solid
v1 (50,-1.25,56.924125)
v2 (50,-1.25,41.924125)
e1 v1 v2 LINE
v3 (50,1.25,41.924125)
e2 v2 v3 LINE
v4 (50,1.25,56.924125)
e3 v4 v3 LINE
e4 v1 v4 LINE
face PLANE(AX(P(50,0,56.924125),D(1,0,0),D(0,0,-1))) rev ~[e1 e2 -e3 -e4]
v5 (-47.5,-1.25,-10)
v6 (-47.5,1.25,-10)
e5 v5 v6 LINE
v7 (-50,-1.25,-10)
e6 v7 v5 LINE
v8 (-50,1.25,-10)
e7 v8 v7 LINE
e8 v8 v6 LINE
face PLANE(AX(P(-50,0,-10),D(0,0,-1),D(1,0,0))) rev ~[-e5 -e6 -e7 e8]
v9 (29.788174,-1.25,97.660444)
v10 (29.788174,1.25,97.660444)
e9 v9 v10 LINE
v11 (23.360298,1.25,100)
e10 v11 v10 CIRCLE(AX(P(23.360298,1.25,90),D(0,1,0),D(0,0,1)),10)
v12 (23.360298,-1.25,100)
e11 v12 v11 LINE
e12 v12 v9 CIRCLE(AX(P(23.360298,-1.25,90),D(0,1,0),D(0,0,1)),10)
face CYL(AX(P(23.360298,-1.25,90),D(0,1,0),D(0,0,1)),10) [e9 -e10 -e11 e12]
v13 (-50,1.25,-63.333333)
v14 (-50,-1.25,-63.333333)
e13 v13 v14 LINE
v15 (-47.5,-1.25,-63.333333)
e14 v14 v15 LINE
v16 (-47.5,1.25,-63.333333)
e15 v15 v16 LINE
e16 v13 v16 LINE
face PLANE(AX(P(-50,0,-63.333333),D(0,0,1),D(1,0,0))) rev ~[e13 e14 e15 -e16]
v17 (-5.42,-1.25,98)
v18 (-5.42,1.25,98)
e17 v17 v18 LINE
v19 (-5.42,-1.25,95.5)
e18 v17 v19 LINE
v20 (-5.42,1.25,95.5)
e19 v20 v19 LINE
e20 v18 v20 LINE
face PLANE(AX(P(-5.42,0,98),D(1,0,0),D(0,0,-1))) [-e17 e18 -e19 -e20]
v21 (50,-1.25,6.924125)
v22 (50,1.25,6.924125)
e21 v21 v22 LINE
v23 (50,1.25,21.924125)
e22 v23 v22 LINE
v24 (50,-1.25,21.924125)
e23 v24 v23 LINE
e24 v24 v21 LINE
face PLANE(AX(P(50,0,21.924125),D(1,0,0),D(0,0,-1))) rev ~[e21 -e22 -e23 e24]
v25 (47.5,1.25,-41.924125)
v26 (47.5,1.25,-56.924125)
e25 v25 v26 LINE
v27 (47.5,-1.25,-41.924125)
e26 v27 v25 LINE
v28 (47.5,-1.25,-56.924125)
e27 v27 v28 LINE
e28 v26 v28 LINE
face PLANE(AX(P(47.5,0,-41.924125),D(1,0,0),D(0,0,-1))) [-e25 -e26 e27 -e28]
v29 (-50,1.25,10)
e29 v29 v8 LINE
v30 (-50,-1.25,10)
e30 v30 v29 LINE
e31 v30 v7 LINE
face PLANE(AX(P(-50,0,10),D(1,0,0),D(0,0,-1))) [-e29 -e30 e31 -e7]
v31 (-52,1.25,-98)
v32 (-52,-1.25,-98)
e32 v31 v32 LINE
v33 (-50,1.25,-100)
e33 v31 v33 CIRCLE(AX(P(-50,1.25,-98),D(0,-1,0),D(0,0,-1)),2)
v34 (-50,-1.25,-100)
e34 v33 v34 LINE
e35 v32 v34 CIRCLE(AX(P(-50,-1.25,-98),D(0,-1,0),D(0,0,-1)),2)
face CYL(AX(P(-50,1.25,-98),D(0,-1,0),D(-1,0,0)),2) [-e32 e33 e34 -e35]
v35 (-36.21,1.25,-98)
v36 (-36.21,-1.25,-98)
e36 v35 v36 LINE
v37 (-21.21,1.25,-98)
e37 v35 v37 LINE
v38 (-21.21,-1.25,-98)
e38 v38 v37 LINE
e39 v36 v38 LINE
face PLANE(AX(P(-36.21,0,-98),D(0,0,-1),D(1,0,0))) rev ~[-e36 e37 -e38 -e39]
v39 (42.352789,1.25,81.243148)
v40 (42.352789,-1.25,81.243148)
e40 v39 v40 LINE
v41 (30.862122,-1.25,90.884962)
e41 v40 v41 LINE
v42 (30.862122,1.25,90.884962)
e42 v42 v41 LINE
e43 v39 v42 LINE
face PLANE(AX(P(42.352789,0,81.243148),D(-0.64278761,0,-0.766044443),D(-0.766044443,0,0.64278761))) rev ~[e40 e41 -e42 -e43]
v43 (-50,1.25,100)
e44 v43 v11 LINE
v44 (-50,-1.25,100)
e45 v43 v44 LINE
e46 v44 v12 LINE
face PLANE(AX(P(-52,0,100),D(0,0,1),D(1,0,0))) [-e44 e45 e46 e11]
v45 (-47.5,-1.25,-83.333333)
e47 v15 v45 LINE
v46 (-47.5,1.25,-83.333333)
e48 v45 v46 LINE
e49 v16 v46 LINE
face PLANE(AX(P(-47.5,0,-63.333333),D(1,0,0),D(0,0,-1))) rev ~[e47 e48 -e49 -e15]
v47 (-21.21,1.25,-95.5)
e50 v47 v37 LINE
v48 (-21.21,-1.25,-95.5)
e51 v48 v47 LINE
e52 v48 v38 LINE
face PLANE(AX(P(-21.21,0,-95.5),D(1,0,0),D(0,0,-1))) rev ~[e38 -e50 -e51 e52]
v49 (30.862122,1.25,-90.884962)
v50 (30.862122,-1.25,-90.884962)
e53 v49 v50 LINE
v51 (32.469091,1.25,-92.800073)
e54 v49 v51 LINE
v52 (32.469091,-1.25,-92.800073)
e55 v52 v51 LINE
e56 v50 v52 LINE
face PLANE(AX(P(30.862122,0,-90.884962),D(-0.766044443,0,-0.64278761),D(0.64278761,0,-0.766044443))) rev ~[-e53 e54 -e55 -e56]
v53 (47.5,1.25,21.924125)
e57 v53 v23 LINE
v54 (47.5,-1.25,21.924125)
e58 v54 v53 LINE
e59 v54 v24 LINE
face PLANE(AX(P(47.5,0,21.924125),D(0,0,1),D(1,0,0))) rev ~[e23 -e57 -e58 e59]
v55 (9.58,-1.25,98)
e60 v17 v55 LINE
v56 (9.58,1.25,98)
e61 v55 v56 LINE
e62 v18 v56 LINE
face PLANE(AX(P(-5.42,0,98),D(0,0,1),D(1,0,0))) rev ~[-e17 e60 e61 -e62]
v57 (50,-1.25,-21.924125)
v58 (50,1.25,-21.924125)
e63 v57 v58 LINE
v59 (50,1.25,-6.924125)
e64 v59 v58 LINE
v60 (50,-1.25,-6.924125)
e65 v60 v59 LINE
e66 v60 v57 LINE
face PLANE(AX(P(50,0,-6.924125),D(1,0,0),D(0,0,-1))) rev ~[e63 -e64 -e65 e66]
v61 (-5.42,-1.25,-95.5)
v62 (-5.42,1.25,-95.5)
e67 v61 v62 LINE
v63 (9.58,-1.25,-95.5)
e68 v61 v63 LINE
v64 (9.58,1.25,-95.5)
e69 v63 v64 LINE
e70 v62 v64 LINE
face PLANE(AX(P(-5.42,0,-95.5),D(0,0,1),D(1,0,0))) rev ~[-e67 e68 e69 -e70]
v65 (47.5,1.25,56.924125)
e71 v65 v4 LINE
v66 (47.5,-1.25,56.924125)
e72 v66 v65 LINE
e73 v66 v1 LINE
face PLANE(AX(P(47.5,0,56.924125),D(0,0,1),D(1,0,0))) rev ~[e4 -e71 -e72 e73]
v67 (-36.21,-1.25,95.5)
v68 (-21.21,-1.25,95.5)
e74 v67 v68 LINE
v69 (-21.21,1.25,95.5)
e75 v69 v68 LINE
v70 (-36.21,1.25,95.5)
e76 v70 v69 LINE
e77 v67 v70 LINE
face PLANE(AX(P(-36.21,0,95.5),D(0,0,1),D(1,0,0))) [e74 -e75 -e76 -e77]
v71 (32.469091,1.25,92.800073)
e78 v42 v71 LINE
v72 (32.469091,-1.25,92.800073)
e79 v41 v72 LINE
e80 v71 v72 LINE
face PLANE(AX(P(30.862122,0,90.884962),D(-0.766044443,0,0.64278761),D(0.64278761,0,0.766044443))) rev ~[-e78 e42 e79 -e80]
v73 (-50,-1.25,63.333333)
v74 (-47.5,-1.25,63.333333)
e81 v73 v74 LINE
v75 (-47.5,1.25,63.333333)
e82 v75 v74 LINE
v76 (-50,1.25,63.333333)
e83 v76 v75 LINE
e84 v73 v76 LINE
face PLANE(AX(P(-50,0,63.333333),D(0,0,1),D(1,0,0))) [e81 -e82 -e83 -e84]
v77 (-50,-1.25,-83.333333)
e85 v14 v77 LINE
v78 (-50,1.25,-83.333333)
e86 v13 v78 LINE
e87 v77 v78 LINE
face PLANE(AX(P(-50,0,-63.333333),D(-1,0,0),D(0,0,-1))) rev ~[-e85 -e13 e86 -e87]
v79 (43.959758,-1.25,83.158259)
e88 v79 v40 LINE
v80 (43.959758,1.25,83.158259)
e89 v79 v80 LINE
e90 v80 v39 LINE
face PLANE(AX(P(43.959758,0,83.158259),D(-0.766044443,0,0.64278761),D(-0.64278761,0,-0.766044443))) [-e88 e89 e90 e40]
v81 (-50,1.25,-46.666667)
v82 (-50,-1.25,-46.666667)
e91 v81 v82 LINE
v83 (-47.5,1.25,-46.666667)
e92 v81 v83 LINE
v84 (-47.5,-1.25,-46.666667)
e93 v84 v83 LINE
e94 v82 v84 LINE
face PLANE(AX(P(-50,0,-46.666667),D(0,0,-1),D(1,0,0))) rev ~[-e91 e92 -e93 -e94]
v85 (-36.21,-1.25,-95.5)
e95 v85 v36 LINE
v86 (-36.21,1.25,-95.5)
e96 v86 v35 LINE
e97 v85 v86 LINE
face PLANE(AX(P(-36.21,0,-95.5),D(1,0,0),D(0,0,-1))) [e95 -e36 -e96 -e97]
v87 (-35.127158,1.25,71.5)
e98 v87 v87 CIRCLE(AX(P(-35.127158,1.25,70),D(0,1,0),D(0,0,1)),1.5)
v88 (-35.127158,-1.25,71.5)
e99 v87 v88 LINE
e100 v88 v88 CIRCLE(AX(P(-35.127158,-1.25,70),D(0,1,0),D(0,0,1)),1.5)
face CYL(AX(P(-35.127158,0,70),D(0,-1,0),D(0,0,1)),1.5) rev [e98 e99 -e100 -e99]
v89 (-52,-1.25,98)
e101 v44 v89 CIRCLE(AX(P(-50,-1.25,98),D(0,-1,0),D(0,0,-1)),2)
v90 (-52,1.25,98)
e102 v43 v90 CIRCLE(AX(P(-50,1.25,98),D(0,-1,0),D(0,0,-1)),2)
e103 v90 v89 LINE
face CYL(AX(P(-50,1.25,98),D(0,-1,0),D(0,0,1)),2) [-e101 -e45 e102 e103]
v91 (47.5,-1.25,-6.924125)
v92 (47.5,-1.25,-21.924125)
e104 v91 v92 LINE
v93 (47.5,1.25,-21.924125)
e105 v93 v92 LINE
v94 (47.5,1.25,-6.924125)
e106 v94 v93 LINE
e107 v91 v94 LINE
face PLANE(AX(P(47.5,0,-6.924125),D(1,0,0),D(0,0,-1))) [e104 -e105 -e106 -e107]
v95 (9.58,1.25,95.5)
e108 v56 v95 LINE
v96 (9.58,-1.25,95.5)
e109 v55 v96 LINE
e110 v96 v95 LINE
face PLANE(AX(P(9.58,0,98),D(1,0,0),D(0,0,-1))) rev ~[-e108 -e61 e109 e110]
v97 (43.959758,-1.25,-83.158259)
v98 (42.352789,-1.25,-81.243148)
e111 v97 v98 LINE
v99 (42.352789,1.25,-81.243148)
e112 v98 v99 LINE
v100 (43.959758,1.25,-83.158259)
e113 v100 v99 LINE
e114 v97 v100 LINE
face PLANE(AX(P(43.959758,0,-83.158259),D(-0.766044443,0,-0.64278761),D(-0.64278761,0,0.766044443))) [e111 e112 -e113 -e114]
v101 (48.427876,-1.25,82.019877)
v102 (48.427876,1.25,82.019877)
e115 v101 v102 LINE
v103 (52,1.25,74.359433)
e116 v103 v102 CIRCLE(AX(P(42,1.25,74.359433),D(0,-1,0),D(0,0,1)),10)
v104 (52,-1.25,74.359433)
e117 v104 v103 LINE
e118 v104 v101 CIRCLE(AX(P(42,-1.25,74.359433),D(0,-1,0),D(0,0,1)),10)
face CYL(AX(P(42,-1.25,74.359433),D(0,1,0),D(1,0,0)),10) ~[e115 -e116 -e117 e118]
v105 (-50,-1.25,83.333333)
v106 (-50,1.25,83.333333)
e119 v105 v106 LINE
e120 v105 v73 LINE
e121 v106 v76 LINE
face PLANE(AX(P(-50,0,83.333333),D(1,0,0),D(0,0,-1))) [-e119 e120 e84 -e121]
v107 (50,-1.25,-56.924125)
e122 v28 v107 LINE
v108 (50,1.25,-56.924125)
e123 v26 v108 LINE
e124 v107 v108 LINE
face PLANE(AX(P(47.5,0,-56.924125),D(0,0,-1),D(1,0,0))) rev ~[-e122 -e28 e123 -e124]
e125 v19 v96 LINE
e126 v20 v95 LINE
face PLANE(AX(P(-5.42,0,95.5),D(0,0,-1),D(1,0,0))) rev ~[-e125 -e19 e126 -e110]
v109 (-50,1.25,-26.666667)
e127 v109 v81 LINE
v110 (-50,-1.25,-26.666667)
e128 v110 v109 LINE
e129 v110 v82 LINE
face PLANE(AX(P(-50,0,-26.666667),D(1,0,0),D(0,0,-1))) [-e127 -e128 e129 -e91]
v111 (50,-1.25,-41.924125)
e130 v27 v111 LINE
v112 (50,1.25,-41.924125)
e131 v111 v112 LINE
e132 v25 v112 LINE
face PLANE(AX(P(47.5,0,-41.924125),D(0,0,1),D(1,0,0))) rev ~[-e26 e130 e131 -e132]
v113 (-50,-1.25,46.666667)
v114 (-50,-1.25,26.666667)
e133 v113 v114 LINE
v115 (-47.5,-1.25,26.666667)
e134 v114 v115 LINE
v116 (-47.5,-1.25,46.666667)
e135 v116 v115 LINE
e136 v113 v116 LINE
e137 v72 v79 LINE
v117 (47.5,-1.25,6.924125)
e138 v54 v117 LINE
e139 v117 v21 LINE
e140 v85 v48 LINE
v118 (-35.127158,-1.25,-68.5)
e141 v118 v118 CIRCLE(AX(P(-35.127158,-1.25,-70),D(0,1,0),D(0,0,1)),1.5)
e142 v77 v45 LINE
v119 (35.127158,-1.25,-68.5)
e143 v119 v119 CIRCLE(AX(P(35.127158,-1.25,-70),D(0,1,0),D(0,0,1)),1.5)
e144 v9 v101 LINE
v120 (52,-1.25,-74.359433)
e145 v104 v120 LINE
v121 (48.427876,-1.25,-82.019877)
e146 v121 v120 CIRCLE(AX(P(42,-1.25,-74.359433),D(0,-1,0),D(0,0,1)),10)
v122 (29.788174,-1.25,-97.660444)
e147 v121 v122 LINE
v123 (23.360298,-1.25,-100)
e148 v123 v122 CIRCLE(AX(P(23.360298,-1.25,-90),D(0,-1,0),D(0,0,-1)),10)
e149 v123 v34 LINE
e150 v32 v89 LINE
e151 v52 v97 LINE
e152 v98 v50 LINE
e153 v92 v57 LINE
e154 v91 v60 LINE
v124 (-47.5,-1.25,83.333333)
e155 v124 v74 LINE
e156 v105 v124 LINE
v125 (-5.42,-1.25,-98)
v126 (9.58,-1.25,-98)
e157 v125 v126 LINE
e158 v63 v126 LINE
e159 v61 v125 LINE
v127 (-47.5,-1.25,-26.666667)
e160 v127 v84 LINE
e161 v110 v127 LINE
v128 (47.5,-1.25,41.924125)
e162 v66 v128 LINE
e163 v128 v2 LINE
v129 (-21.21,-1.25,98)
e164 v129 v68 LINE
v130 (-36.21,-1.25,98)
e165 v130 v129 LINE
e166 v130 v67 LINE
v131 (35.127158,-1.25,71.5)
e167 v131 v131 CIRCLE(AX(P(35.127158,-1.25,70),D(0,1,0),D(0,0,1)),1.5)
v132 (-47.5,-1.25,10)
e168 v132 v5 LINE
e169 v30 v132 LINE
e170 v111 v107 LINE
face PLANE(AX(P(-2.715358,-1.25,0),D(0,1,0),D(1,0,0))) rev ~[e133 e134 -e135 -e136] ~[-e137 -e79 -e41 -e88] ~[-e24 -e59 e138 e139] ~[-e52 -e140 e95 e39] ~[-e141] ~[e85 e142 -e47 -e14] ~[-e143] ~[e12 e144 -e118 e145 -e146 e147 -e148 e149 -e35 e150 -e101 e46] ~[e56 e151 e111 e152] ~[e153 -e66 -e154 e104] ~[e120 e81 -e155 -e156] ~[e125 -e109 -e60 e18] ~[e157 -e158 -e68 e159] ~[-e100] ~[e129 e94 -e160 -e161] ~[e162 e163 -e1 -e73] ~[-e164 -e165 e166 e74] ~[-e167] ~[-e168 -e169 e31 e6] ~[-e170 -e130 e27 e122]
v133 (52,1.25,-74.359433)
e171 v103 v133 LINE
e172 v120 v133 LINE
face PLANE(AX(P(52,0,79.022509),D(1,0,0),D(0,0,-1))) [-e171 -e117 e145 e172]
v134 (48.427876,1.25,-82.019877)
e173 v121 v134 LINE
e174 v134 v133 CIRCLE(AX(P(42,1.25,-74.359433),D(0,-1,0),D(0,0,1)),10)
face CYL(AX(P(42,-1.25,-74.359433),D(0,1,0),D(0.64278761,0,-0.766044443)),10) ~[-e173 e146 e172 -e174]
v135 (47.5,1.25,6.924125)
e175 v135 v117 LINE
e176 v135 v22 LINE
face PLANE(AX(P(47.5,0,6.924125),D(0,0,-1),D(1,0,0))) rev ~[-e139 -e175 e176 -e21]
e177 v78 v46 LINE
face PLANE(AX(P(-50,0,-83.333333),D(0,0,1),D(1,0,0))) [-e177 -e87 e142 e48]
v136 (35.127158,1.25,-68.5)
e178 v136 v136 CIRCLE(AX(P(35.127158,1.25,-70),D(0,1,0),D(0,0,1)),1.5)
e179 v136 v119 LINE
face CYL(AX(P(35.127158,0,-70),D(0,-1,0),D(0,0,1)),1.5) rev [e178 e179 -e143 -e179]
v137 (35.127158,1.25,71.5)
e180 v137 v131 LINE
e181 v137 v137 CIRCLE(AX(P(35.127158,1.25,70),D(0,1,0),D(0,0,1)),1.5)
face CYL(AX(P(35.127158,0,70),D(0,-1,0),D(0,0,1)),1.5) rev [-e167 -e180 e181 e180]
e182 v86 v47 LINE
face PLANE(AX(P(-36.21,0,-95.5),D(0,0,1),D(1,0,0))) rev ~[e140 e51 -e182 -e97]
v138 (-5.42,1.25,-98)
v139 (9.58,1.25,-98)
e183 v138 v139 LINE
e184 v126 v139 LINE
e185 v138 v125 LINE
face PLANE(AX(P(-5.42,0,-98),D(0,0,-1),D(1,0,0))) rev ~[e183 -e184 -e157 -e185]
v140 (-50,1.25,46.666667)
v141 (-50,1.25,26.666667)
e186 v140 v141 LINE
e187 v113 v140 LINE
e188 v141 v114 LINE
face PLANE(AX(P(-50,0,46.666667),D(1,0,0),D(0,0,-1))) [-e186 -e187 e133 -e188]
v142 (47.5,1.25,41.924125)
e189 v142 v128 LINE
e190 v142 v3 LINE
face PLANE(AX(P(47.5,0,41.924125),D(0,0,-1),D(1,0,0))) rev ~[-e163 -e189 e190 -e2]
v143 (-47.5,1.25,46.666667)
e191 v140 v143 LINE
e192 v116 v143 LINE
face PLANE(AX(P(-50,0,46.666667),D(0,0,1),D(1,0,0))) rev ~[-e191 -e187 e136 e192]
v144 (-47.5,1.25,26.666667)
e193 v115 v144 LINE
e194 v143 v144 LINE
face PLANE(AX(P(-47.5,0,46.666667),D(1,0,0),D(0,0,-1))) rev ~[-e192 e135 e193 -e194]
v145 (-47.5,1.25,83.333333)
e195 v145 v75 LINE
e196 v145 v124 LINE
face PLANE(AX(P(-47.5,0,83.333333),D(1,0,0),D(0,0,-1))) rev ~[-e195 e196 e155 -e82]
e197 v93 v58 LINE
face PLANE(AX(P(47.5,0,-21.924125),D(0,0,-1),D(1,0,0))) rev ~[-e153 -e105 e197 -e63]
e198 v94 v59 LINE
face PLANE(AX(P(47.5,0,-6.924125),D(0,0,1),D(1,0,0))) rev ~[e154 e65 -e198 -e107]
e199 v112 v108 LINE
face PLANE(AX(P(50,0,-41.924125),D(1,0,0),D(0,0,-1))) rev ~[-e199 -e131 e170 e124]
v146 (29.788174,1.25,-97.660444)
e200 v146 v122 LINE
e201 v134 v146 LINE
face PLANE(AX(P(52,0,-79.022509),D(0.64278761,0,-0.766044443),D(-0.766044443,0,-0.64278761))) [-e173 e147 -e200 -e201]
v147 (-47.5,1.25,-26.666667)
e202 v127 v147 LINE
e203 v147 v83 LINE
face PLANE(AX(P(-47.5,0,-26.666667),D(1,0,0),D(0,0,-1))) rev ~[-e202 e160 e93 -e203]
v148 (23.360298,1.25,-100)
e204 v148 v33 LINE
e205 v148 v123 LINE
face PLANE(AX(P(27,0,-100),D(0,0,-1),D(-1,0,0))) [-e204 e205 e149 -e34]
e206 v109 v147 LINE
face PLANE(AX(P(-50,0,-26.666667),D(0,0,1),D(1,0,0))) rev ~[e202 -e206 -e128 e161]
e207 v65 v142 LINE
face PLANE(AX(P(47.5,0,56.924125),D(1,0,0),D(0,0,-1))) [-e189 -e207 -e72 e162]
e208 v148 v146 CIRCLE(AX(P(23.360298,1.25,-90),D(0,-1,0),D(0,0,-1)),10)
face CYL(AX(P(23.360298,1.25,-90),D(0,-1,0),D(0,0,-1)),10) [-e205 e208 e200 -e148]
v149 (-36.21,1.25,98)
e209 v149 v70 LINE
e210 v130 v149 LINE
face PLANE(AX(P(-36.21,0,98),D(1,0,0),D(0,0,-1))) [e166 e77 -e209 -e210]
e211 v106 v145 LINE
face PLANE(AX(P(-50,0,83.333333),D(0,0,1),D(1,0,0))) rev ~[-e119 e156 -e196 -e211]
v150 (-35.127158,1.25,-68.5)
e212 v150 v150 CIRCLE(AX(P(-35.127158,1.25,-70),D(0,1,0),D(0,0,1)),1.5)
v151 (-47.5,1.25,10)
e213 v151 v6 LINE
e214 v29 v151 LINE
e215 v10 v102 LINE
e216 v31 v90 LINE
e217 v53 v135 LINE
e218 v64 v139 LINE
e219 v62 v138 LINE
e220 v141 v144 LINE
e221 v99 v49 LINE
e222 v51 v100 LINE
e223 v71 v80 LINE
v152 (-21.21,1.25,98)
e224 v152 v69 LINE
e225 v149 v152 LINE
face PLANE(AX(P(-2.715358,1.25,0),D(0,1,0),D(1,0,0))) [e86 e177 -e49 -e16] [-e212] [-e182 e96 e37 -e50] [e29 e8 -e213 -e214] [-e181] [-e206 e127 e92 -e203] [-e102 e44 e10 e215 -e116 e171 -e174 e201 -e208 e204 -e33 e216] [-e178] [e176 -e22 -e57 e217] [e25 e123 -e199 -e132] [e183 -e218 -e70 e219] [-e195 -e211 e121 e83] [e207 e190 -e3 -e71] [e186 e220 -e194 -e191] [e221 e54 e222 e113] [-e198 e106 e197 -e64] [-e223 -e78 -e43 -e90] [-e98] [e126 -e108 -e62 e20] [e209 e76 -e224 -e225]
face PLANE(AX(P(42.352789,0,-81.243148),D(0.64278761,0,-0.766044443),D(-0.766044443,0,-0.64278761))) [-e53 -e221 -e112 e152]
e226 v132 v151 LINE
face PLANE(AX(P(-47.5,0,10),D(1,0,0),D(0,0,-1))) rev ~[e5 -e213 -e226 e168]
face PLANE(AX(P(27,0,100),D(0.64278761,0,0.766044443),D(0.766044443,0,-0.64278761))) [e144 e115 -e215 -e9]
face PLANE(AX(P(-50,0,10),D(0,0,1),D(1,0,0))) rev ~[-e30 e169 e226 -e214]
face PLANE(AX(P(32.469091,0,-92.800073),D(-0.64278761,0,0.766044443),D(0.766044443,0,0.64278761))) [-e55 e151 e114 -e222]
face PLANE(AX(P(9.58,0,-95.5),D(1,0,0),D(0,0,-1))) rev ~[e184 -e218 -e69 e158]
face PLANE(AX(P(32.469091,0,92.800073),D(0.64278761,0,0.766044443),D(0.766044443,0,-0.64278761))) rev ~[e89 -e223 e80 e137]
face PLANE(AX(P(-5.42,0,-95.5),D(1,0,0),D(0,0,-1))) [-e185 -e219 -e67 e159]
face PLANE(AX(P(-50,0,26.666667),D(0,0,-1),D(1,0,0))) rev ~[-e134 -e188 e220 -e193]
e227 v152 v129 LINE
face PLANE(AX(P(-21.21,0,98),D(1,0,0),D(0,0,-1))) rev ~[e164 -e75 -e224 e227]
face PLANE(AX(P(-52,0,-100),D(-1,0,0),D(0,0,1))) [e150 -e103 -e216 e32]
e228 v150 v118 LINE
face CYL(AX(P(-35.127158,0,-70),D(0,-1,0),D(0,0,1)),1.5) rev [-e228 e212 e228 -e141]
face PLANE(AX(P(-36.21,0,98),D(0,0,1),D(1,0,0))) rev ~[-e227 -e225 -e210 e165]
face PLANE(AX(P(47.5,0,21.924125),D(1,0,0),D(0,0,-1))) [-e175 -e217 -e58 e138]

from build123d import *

# Parameters (mm, degrees)
SKETCH1_R           = 1.5
SKETCH1_W           = 15
SKETCH1_H           = 2.5
SKETCH1_W_2         = 2.5
SKETCH1_H_2         = 15
SKETCH1_H_3         = 20
BOSS_EXTRUDE1_DEPTH = 1.25
FILLET1_R           = 10
FILLET2_R           = 2


with BuildPart() as part:
    # Sketch1 → Boss-Extrude1 (new, symmetric)
    with BuildSketch(Plane(origin=(0, 0, 0), x_dir=(1, 0, 0), z_dir=(0, 1, 0))):
        Polygon((-52, -100), (27, -100), (52, -79.022509221), (52, 79.022509221), (27, 100), (-52, 100), align=None)
        with Locations(Location((35.127158073, -70, 0), (0, 0, 270))):
            Circle(SKETCH1_R, mode=Mode.SUBTRACT)
        with Locations(Location((35.127158073, 70, 0), (0, 0, 270))):
            Circle(SKETCH1_R, mode=Mode.SUBTRACT)
        with Locations(Location((-35.127158073, 70, 0), (0, 0, 270))):
            Circle(SKETCH1_R, mode=Mode.SUBTRACT)
        with Locations(Location((-35.127158073, -70, 0), (0, 0, 270))):
            Circle(SKETCH1_R, mode=Mode.SUBTRACT)
        with Locations((-28.71, -96.75)):
            Rectangle(SKETCH1_W, SKETCH1_H, mode=Mode.SUBTRACT)
        with Locations((2.08, -96.75)):
            Rectangle(SKETCH1_W, SKETCH1_H, mode=Mode.SUBTRACT)
        with Locations((-28.71, 96.75)):
            Rectangle(SKETCH1_W, SKETCH1_H, mode=Mode.SUBTRACT)
        with Locations((2.08, 96.75)):
            Rectangle(SKETCH1_W, SKETCH1_H, mode=Mode.SUBTRACT)
        Polygon((30.862122433, -90.884961689), (32.469091457, -92.800072797), (43.959758104, -83.158258651), (42.35278908, -81.243147544), align=None, mode=Mode.SUBTRACT)
        with Locations((48.75, 14.424124759)):
            Rectangle(SKETCH1_W_2, SKETCH1_H_2, mode=Mode.SUBTRACT)
        with Locations((48.75, -49.424124759)):
            Rectangle(SKETCH1_W_2, SKETCH1_H_2, mode=Mode.SUBTRACT)
        with Locations((48.75, -14.424124759)):
            Rectangle(SKETCH1_W_2, SKETCH1_H_2, mode=Mode.SUBTRACT)
        with Locations((48.75, 49.424124759)):
            Rectangle(SKETCH1_W_2, SKETCH1_H_2, mode=Mode.SUBTRACT)
        Polygon((42.35278908, 81.243147544), (30.862122433, 90.884961689), (32.469091457, 92.800072797), (43.959758104, 83.158258651), align=None, mode=Mode.SUBTRACT)
        with Locations((-48.75, -36.666666667)):
            Rectangle(SKETCH1_W_2, SKETCH1_H_3, mode=Mode.SUBTRACT)
        with Locations((-48.75, -73.333333333)):
            Rectangle(SKETCH1_W_2, SKETCH1_H_3, mode=Mode.SUBTRACT)
        with Locations((-48.75, 0)):
            Rectangle(SKETCH1_W_2, SKETCH1_H_3, mode=Mode.SUBTRACT)
        with Locations((-48.75, 36.666666667)):
            Rectangle(SKETCH1_W_2, SKETCH1_H_3, mode=Mode.SUBTRACT)
        with Locations((-48.75, 73.333333333)):
            Rectangle(SKETCH1_W_2, SKETCH1_H_3, mode=Mode.SUBTRACT)
    extrude(amount=BOSS_EXTRUDE1_DEPTH, both=True)

    # Fillet1
    fillet1_edges = [part.edges().sort_by_distance(p)[0] for p in [
        (27, 0, -100),
        (52, 0, -79.022509221),
        (52, 0, 79.022509221),
        (27, 0, 100),
    ]]
    fillet(fillet1_edges, radius=FILLET1_R)

    # Fillet2
    fillet2_edges = [part.edges().sort_by_distance(p)[0] for p in [
        (-52, 0, 100),
        (-52, 0, -100),
    ]]
    fillet(fillet2_edges, radius=FILLET2_R)


solid = part.part
